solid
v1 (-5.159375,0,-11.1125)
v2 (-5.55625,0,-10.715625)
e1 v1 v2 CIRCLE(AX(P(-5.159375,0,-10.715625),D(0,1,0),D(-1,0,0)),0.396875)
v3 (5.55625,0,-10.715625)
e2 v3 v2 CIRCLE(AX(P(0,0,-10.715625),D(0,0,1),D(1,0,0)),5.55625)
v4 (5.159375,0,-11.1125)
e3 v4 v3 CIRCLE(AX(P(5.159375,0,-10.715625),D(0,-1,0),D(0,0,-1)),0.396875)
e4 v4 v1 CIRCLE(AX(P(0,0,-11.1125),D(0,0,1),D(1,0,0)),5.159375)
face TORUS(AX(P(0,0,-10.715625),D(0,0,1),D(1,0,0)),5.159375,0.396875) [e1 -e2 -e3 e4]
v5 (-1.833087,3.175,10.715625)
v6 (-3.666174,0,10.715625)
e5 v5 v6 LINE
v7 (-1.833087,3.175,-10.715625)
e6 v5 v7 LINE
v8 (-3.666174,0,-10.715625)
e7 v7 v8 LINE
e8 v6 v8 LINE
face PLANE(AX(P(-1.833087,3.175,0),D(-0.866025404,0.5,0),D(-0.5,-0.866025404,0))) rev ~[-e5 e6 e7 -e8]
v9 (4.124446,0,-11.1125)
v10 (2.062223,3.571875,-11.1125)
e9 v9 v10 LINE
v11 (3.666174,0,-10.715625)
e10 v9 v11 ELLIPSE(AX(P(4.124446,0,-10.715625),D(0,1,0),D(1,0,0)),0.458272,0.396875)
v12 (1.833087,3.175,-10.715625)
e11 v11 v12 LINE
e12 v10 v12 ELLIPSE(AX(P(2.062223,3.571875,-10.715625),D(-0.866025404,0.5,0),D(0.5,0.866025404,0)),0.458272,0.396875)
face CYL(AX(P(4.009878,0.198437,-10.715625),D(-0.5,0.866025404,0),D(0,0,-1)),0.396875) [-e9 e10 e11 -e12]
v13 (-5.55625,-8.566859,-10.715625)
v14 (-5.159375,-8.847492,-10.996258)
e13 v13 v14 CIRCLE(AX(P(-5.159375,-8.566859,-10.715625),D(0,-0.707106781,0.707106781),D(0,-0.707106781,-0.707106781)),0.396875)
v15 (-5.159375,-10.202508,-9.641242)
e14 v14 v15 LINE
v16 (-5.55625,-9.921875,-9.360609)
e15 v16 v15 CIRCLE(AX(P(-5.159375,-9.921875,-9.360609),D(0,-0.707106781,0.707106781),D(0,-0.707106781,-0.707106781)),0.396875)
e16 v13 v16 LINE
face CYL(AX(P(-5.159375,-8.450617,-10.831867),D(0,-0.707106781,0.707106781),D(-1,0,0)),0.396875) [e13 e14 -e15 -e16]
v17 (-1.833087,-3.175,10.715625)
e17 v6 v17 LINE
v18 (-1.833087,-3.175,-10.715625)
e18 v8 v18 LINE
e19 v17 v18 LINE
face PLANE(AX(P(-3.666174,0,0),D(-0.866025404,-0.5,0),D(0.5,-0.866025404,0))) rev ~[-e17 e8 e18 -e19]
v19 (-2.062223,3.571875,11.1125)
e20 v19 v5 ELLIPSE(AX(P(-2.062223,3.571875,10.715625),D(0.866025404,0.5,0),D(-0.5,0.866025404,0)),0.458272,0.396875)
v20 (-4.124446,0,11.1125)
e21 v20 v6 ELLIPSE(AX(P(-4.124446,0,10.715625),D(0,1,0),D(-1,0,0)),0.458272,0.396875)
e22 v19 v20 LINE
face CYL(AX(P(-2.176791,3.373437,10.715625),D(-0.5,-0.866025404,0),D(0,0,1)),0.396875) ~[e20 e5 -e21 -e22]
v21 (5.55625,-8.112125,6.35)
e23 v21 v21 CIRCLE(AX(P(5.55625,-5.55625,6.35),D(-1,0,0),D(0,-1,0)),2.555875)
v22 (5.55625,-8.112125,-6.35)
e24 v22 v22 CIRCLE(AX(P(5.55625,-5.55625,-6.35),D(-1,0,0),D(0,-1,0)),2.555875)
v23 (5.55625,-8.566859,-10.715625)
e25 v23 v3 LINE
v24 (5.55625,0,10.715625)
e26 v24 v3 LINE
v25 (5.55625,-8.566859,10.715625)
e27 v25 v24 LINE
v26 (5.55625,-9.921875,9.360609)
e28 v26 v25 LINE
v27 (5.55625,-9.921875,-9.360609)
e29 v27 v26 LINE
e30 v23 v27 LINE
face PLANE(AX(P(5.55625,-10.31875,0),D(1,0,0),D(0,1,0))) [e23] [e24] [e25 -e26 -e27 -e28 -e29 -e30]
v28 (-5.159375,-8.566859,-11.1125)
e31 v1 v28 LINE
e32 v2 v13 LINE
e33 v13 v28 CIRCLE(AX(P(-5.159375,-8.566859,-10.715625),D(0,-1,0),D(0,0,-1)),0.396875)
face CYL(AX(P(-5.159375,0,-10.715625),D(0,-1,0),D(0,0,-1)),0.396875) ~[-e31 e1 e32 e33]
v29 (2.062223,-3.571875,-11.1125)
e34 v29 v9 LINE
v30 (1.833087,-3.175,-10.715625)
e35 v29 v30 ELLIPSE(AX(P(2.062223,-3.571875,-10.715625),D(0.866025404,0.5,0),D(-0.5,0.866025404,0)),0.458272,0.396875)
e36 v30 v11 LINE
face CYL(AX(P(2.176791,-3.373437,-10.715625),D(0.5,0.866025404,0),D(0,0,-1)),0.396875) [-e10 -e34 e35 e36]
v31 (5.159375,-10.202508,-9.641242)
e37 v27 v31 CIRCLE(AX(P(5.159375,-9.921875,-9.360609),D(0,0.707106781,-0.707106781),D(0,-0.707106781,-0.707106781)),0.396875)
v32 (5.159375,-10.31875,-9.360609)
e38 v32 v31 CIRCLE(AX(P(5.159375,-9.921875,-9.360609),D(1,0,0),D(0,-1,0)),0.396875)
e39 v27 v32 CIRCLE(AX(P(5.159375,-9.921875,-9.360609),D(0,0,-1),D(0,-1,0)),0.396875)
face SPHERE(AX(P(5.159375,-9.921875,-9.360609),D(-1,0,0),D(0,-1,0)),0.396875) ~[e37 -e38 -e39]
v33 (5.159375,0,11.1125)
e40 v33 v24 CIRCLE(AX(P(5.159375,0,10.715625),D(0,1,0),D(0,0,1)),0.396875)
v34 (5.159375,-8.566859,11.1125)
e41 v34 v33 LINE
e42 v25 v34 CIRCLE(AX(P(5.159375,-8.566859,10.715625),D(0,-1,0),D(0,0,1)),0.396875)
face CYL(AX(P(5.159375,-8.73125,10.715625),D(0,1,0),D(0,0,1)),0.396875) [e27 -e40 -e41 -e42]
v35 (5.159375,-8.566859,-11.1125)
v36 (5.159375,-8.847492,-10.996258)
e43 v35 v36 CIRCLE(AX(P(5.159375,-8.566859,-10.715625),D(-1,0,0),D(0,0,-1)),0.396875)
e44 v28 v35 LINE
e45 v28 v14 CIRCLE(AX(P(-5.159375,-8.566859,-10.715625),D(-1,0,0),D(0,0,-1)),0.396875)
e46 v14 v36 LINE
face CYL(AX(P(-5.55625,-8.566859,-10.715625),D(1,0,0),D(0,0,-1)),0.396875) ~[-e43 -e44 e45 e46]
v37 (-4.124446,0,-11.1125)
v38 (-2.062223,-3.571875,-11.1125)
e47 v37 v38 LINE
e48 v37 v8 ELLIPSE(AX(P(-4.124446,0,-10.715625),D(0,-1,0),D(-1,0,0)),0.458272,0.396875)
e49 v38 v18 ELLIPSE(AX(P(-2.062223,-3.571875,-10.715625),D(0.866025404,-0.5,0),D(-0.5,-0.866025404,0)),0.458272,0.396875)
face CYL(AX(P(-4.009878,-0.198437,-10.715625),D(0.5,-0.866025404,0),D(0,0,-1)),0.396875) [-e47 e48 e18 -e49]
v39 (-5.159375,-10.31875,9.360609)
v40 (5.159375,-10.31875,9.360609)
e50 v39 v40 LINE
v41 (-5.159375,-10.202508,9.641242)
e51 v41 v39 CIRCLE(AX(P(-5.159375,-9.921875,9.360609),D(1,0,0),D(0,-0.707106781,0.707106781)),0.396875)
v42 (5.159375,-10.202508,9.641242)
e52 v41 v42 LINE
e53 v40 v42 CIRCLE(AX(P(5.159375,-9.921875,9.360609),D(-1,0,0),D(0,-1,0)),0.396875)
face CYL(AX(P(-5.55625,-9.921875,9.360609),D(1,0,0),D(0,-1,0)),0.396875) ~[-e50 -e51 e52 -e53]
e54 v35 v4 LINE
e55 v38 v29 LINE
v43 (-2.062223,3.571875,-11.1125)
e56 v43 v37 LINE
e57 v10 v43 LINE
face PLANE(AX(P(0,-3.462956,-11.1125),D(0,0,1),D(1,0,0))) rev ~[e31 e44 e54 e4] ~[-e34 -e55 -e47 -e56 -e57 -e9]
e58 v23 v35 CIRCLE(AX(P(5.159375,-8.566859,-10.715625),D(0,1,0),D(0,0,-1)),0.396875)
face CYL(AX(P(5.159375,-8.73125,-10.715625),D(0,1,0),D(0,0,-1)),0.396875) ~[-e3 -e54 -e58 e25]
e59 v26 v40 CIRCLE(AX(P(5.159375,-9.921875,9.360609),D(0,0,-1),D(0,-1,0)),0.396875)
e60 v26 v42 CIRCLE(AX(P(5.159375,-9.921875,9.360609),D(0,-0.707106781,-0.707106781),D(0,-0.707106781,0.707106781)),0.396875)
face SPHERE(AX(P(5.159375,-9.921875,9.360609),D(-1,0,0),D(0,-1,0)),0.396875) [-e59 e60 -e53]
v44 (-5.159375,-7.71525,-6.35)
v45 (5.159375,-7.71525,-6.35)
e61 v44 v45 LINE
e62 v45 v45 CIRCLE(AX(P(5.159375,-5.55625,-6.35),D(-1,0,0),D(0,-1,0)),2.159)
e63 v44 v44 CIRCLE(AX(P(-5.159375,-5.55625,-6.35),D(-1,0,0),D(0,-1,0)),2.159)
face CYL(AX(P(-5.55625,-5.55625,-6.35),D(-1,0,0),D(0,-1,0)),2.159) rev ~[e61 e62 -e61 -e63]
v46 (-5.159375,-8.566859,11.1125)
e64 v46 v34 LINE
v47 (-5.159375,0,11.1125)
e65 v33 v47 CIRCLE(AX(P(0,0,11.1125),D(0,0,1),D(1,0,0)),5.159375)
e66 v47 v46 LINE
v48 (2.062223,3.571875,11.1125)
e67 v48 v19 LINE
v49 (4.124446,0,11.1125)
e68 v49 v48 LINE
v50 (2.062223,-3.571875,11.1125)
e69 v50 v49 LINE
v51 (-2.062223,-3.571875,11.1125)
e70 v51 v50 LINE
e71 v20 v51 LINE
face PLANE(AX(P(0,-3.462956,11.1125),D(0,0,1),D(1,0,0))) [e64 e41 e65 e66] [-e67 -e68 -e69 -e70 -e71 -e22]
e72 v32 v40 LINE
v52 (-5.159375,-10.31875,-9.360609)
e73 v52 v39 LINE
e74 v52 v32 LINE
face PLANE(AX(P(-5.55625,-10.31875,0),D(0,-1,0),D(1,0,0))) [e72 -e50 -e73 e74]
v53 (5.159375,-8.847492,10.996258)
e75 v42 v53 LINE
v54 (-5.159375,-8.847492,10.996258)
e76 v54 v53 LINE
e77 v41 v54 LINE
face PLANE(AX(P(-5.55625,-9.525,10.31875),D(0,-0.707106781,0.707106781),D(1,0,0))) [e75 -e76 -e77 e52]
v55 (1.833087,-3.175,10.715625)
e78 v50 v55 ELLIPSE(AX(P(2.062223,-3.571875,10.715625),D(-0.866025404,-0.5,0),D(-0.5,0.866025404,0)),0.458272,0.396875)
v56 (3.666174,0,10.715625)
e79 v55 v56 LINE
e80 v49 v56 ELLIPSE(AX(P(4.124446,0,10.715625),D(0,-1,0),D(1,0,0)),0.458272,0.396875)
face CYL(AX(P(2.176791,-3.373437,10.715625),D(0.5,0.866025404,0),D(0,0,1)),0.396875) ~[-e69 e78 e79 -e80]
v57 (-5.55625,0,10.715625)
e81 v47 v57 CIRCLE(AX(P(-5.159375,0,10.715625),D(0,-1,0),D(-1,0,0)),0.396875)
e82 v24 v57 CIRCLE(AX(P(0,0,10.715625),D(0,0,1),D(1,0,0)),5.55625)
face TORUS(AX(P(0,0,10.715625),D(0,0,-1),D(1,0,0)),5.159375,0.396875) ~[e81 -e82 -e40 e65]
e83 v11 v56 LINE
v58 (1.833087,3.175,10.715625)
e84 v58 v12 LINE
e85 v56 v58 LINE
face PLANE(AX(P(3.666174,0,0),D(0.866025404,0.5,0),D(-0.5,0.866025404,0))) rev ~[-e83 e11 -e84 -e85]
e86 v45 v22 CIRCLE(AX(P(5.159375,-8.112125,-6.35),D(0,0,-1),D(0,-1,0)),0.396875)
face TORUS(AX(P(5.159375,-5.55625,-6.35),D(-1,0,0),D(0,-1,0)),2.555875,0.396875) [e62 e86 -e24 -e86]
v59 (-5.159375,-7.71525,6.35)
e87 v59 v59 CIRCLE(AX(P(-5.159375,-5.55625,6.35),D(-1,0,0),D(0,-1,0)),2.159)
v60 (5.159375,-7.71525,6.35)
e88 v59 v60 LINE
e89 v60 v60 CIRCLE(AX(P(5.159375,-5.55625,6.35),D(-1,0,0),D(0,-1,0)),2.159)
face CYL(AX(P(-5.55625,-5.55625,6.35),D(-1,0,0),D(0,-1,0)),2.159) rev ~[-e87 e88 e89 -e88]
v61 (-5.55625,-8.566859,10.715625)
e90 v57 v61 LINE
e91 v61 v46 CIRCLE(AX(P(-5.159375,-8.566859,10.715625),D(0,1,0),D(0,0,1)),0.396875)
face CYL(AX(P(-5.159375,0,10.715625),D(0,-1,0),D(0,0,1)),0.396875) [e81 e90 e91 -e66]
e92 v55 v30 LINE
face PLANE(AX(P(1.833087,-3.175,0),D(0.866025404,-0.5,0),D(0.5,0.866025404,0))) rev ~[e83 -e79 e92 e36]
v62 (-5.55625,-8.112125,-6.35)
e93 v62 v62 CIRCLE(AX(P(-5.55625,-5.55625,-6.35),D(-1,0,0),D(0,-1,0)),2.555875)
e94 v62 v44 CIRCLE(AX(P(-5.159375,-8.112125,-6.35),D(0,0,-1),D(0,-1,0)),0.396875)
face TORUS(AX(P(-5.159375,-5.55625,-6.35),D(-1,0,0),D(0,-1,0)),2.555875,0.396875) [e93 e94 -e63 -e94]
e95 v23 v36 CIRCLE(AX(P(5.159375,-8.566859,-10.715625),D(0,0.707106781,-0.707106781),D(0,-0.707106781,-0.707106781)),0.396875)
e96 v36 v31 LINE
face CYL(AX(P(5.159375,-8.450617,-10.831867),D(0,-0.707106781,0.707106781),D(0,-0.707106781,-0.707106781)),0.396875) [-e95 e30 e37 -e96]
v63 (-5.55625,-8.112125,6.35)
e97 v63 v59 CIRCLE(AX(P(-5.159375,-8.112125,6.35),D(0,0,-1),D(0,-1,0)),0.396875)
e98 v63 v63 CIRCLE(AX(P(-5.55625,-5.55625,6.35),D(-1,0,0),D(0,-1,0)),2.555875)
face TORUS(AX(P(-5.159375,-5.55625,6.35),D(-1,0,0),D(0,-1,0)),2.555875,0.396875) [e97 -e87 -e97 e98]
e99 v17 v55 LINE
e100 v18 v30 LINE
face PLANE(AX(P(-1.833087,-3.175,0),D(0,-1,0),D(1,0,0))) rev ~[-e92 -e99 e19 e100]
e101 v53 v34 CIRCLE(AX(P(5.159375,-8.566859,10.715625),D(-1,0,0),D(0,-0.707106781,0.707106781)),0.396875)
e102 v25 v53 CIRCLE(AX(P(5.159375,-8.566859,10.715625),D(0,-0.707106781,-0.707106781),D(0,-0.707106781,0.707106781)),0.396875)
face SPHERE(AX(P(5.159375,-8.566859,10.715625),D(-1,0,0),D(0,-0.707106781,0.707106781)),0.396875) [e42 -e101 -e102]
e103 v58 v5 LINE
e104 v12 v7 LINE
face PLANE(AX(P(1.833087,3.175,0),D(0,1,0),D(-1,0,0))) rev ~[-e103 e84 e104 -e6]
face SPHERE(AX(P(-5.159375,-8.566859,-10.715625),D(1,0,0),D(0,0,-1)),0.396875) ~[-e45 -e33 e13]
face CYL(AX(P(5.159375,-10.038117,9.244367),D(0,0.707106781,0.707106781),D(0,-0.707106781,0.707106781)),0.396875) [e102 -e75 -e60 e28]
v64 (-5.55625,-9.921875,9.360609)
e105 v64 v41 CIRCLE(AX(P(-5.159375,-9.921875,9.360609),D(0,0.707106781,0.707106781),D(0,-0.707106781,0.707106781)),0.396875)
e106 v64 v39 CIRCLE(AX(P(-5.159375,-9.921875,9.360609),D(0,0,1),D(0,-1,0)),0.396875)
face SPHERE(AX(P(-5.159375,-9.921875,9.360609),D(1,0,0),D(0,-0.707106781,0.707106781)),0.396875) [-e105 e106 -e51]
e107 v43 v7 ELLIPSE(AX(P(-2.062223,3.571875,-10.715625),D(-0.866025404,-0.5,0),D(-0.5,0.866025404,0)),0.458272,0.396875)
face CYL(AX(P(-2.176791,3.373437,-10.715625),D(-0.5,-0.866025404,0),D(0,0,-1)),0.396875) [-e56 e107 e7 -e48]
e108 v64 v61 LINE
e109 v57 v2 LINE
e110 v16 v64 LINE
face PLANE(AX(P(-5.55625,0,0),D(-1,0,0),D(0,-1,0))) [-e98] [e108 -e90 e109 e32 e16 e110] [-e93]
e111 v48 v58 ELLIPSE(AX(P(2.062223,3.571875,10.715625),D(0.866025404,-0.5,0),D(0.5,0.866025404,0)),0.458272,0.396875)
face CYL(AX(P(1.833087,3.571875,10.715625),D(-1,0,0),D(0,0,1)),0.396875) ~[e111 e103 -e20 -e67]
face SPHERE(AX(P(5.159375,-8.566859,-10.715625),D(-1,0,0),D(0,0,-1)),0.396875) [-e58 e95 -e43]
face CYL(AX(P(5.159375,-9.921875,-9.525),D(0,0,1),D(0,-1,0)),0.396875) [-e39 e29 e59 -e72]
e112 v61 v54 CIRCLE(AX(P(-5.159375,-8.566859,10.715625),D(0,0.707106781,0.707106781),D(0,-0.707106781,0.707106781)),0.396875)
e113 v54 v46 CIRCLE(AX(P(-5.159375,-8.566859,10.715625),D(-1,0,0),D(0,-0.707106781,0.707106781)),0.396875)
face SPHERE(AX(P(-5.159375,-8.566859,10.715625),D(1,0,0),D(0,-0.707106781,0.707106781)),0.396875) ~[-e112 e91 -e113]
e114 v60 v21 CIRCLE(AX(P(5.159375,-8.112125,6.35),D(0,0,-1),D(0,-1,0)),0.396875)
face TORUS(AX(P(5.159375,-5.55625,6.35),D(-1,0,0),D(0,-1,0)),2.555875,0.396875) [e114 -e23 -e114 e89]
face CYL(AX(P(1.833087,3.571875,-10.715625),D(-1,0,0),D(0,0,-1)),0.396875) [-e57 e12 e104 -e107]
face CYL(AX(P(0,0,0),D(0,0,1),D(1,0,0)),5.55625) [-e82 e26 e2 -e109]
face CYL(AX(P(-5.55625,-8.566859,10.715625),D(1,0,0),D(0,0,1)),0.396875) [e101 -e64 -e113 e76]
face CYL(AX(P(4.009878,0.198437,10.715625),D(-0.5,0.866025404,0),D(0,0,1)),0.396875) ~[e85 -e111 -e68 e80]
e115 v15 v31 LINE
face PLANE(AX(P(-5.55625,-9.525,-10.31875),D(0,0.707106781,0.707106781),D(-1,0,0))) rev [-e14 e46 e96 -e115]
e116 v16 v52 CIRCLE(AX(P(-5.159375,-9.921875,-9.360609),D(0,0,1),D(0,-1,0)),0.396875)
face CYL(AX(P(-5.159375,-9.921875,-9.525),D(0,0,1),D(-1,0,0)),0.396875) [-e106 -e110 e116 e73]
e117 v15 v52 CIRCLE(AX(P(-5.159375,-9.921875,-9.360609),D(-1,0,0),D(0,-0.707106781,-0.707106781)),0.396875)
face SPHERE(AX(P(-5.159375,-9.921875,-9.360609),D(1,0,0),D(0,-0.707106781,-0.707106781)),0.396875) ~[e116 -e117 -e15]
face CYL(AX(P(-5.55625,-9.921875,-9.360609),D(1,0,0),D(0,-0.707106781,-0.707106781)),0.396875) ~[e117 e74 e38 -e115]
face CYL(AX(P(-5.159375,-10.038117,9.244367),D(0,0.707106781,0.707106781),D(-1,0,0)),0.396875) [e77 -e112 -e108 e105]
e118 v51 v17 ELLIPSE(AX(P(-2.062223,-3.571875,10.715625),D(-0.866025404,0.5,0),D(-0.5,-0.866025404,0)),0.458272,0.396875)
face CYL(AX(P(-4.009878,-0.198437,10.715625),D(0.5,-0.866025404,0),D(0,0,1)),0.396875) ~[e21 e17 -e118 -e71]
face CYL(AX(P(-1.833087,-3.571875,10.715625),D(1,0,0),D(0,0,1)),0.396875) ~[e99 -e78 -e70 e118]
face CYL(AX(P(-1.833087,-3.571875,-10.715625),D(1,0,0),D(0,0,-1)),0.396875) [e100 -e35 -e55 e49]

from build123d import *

# Parameters (mm, degrees)
BOSS_EXTRUDE1_DEPTH = 11.1125
SKETCH2_R           = 2.159
CUT_EXTRUDE1_DEPTH  = 19.800316861
CHAMFER2_SIZE       = 1.5875
FILLET2_R           = 0.396875


with BuildPart() as part:
    # Sketch1 → Boss-Extrude1 (new, symmetric)
    with BuildSketch(Plane.XY):
        with BuildLine():
            Line((-5.55625, 0), (-5.55625, -10.31875))
            Line((-5.55625, -10.31875), (5.55625, -10.31875))
            Line((5.55625, -10.31875), (5.55625, 0))
            ThreePointArc((5.55625, 0), (0, 5.55625), (-5.55625, 0))
        make_face()
        Polygon((3.666174209, 0), (1.833087105, 3.175), (-1.833087105, 3.175), (-3.666174209, 0), (-1.833087105, -3.175), (1.833087105, -3.175), align=None, mode=Mode.SUBTRACT)
    extrude(amount=BOSS_EXTRUDE1_DEPTH, both=True)

    # Sketch2 → Cut-Extrude1 (cut, through all)
    with BuildSketch(Plane.ZY.offset(5.55625)):
        with Locations(Location((-6.35, -5.55625, 0), (0, 0, 270))):
            Circle(SKETCH2_R)
        with Locations(Location((6.35, -5.55625, 0), (0, 0, 270))):
            Circle(SKETCH2_R)
    extrude(amount=-CUT_EXTRUDE1_DEPTH, mode=Mode.SUBTRACT)

    # Chamfer2
    chamfer2_edges = [part.edges().sort_by_distance(p)[0] for p in [
        (0, -10.31875, 11.1125),
        (0, -10.31875, -11.1125),
    ]]
    chamfer(chamfer2_edges, length=CHAMFER2_SIZE)

    # Fillet2
    fillet2_edges = [part.edges().sort_by_distance(p)[0] for p in [
        (2.749630657, -1.5875, -11.1125),
        (2.749630657, 1.5875, -11.1125),
        (0, 3.175, -11.1125),
        (-2.749630657, 1.5875, -11.1125),
        (-2.749630657, -1.5875, -11.1125),
        (0, -3.175, -11.1125),
        (2.749630657, -1.5875, 11.1125),
        (2.749630657, 1.5875, 11.1125),
        (0, 3.175, 11.1125),
        (-2.749630657, 1.5875, 11.1125),
        (-2.749630657, -1.5875, 11.1125),
        (0, -3.175, 11.1125),
        (5.55625, -3.39725, -6.35),
        (-5.55625, -3.39725, -6.35),
        (5.55625, -3.39725, 6.35),
        (-5.55625, -3.39725, 6.35),
        (5.55625, -4.365625, 11.1125),
        (0, -8.73125, 11.1125),
        (5.55625, -4.365625, -11.1125),
        (5.55625, -10.31875, 0),
        (5.55625, -9.525, -10.31875),
        (5.55625, -9.525, 10.31875),
        (-5.55625, -10.31875, 0),
        (0, -10.31875, -9.525),
        (0, -10.31875, 9.525),
        (0, 5.55625, 11.1125),
        (-5.55625, -9.525, -10.31875),
        (-5.55625, -9.525, 10.31875),
        (0, -8.73125, -11.1125),
        (-5.55625, -4.365625, -11.1125),
        (0, 5.55625, -11.1125),
        (-5.55625, -4.365625, 11.1125),
    ]]
    fillet(fillet2_edges, radius=FILLET2_R)


solid = part.part
